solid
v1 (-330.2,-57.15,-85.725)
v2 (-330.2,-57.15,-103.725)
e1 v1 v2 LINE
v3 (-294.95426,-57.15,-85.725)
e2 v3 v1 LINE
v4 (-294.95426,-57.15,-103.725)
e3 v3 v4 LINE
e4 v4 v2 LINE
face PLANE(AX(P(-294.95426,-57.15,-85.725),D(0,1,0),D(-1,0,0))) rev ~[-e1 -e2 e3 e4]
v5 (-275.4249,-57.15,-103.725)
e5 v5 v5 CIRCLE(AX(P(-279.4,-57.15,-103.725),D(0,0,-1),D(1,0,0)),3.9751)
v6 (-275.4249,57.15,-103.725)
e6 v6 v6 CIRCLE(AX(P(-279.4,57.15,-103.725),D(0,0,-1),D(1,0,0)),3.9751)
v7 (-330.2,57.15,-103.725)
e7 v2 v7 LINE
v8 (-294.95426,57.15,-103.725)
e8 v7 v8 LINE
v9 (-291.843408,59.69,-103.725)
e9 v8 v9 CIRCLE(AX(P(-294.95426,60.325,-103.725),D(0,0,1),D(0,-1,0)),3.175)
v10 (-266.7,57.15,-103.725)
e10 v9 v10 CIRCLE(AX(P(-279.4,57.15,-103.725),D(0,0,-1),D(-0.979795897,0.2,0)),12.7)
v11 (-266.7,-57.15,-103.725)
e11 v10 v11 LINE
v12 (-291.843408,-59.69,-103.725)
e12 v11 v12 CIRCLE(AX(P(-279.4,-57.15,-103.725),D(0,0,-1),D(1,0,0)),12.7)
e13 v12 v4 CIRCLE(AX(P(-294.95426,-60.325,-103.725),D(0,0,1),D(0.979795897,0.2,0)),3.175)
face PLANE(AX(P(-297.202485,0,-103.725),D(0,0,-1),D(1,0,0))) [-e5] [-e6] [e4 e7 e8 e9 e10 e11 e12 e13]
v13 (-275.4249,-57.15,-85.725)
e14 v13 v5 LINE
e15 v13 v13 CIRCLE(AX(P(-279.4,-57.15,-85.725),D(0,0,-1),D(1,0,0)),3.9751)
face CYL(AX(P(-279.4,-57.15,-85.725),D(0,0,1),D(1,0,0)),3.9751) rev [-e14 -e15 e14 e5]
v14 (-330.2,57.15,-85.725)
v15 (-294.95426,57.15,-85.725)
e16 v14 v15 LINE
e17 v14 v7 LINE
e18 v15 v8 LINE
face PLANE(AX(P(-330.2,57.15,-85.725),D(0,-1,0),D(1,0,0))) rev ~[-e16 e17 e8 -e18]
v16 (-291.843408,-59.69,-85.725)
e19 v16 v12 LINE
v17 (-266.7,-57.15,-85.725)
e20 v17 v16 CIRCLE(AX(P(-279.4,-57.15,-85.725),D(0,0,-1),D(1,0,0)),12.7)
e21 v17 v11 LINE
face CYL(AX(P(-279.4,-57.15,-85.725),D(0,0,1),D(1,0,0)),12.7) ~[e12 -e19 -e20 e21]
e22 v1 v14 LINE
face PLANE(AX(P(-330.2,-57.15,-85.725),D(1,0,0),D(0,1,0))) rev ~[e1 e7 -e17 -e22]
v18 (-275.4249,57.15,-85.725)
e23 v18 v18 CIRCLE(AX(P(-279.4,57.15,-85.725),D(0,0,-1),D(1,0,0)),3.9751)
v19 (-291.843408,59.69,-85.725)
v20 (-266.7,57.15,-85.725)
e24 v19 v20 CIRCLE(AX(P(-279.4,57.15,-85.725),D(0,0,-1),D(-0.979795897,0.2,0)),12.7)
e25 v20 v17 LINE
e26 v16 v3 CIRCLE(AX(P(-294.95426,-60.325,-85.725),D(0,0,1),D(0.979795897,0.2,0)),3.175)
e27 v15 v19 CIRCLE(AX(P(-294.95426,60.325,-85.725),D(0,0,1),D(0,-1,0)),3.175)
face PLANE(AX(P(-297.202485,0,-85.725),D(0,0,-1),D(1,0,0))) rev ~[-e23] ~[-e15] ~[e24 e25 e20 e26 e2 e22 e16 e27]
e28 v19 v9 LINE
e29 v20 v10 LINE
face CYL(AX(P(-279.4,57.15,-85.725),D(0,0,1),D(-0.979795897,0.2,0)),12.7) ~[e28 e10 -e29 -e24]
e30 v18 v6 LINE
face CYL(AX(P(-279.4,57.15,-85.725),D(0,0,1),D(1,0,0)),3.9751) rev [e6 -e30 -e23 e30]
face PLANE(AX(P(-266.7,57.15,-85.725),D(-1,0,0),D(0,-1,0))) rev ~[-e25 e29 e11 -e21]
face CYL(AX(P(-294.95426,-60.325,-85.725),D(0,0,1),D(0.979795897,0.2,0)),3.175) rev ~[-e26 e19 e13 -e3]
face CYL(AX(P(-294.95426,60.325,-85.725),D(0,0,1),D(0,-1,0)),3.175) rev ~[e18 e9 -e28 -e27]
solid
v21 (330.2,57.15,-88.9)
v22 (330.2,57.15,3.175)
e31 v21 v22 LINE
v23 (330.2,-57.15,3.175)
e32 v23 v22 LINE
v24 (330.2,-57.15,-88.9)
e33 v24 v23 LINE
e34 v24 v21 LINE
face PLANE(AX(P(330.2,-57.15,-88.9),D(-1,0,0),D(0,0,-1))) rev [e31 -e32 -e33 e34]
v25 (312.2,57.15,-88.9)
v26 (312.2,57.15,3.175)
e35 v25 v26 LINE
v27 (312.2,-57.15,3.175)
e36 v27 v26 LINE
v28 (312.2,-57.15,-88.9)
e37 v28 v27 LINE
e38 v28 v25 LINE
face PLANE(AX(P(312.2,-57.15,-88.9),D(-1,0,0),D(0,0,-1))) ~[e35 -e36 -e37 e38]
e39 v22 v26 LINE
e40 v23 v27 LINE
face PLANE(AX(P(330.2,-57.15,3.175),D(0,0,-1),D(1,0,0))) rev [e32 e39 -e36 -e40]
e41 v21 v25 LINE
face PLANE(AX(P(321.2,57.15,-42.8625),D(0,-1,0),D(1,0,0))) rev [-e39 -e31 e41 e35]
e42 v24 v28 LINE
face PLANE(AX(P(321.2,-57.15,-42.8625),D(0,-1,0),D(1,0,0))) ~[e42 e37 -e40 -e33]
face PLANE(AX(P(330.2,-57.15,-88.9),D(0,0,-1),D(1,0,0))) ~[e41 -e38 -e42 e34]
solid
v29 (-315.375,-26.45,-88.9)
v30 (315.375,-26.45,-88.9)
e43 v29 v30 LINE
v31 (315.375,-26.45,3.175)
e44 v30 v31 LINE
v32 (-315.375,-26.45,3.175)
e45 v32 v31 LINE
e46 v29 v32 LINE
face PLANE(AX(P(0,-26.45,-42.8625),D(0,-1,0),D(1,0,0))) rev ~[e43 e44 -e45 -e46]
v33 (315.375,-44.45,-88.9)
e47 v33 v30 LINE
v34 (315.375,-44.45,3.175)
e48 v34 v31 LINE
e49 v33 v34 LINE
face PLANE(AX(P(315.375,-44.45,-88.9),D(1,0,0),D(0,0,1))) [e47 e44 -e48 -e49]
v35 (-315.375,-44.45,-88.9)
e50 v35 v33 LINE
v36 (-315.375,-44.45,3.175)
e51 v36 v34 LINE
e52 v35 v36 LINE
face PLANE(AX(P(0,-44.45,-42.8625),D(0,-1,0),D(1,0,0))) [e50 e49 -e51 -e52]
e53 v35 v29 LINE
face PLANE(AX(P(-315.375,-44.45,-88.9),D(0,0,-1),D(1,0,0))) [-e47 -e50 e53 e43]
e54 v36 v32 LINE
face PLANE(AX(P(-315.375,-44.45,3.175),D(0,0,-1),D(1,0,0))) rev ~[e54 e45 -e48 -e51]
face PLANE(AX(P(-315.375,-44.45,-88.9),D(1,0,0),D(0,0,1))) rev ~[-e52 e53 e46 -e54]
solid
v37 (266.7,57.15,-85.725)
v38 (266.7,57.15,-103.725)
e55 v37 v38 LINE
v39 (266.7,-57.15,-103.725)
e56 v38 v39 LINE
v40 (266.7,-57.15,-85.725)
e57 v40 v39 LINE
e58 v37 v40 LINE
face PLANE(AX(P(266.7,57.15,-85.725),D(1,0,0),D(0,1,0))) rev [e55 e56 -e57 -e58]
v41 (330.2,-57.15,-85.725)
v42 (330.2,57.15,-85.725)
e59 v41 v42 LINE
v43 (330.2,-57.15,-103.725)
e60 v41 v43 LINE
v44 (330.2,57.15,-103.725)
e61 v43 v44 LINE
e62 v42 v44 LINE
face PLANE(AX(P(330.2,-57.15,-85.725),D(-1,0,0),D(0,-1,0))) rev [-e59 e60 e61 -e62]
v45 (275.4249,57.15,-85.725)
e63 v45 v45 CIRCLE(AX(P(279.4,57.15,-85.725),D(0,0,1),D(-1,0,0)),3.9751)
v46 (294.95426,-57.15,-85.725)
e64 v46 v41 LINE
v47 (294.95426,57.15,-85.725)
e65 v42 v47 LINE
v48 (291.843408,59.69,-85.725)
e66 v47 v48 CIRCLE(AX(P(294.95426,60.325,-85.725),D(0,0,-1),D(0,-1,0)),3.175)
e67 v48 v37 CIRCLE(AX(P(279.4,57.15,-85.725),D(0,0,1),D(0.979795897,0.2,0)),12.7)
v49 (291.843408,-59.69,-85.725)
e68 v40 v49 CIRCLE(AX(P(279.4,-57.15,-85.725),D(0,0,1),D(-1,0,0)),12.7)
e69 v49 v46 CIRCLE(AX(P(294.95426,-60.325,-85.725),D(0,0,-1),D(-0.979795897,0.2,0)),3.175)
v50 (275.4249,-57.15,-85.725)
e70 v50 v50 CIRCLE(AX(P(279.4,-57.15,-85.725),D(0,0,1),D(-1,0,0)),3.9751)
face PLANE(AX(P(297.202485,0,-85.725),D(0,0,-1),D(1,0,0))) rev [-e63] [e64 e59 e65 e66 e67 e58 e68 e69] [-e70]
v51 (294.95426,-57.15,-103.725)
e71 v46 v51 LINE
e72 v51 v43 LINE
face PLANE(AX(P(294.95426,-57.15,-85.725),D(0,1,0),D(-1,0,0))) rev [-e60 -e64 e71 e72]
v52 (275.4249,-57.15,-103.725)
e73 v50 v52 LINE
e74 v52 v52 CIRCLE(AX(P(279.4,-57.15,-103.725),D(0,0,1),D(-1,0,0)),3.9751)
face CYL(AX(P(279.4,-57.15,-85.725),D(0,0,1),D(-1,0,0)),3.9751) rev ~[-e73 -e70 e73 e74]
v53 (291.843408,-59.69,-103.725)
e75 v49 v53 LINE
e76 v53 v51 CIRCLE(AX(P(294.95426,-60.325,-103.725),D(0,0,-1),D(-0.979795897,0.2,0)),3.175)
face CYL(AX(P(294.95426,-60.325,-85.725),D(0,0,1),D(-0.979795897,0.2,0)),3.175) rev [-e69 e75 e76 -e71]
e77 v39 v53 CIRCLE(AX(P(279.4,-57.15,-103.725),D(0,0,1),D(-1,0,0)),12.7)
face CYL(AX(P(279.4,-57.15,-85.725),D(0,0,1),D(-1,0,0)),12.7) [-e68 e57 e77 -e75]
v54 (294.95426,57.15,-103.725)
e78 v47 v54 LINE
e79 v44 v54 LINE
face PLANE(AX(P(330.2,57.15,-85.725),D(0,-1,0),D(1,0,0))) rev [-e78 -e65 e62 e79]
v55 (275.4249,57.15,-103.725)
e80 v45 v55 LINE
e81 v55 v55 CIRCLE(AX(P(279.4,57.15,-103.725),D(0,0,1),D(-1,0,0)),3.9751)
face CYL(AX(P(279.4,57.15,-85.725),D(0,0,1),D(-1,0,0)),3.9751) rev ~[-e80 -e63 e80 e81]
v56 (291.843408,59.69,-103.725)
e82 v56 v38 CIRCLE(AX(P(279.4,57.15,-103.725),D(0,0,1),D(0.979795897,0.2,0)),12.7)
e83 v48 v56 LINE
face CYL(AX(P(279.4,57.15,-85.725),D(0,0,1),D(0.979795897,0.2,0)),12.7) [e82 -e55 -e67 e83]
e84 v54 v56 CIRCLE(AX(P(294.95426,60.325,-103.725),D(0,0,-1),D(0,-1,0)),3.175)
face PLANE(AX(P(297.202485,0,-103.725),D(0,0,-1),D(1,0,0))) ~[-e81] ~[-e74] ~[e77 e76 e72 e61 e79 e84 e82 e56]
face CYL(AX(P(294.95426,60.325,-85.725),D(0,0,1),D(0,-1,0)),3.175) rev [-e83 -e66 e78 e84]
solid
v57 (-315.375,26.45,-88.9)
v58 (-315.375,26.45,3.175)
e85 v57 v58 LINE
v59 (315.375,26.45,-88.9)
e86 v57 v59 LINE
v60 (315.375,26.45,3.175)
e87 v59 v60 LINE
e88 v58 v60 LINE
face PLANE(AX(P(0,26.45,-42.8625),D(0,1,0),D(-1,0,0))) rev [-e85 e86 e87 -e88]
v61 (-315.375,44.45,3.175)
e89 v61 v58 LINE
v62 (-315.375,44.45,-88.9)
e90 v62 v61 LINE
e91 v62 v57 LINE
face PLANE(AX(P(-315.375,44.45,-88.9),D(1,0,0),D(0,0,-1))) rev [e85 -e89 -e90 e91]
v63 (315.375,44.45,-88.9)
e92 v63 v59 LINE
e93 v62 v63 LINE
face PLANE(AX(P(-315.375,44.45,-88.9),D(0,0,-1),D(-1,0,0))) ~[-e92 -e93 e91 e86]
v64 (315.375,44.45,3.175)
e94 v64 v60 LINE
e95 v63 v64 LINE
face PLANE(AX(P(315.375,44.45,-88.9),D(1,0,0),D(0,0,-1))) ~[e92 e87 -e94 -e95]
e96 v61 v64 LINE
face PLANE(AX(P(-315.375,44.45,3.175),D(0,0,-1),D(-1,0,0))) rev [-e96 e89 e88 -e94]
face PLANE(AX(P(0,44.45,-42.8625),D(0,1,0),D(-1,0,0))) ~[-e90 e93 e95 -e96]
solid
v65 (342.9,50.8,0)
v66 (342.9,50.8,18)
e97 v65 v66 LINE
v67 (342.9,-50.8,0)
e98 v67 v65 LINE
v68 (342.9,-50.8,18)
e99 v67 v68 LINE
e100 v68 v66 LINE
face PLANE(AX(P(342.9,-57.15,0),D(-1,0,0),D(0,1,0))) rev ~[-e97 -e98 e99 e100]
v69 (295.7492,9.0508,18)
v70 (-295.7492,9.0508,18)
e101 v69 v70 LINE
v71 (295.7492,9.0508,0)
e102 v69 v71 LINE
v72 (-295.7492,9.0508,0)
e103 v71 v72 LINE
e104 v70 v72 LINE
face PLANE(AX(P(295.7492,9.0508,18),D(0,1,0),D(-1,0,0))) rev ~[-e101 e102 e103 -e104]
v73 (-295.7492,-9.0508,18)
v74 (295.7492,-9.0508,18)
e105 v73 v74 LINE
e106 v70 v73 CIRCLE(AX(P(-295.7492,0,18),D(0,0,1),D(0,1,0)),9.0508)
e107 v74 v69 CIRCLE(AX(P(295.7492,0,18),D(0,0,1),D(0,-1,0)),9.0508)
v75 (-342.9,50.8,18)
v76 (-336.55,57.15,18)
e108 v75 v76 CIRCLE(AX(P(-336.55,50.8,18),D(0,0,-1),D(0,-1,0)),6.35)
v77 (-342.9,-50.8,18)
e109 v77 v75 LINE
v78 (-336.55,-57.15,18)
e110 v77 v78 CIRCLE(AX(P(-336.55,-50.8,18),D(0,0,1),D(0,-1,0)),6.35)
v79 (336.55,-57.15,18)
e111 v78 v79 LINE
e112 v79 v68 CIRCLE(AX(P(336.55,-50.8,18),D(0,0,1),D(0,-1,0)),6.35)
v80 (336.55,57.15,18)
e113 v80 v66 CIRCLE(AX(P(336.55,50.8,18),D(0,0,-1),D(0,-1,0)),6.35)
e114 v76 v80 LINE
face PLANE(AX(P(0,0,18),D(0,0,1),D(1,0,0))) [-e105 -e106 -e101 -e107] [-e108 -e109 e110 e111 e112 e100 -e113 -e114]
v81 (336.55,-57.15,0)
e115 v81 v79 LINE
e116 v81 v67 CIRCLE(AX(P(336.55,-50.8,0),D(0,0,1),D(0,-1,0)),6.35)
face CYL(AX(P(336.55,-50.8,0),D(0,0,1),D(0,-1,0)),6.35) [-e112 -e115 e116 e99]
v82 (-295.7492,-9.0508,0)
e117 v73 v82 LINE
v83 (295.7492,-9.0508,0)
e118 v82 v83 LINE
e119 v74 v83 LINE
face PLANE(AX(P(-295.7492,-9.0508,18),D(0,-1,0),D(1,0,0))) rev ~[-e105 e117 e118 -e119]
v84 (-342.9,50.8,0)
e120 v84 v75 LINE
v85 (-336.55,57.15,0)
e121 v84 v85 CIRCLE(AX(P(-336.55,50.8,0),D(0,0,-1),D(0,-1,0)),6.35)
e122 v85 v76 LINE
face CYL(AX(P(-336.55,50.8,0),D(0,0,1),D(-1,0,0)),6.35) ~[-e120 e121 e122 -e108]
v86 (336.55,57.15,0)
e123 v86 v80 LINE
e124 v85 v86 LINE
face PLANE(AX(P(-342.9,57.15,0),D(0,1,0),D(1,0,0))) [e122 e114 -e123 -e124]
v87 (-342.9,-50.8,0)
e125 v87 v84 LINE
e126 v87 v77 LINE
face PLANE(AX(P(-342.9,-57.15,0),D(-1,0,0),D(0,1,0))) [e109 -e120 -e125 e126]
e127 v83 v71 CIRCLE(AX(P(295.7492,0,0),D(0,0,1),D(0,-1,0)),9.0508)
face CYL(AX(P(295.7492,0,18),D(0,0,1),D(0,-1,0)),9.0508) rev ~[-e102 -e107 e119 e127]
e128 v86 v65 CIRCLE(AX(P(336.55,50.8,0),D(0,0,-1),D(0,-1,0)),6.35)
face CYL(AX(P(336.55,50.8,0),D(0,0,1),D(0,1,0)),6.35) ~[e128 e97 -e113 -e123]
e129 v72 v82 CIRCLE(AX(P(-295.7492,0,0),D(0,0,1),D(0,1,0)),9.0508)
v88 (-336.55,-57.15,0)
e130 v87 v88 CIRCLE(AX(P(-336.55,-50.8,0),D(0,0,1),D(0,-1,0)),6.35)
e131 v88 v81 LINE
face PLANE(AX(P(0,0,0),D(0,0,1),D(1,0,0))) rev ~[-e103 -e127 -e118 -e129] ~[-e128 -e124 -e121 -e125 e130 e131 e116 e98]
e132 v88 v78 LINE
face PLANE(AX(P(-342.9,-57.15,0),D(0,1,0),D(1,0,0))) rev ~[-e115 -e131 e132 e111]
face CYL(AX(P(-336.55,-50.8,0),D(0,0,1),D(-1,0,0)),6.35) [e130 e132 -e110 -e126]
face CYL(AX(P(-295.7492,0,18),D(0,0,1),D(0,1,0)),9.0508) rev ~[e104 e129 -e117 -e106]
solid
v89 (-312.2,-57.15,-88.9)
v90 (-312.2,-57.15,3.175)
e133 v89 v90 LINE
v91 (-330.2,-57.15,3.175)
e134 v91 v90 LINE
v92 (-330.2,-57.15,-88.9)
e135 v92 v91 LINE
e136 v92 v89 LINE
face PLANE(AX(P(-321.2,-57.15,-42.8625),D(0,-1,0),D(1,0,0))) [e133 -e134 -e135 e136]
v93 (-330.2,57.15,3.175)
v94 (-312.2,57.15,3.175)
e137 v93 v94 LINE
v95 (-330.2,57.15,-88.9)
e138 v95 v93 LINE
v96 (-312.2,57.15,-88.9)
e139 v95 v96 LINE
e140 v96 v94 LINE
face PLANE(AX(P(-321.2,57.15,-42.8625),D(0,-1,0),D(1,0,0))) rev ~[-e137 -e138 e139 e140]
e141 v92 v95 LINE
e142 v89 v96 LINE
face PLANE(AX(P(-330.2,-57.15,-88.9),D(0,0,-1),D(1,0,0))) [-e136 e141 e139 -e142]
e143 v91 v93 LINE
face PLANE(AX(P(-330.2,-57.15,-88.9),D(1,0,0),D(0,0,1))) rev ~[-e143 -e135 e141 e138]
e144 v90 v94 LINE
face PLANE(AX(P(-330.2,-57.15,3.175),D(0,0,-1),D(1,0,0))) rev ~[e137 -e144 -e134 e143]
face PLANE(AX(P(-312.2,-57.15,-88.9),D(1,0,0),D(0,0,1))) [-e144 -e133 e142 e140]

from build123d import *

# Parameters (mm, degrees)
F0_W      = 685.8
F0_H      = 114.3
F2_DEPTH  = 18
F4_DEPTH  = 18.001
F5_R      = 6.35
F6_W      = 18
F6_H      = 92.075
F7_DEPTH  = 114.3
F10_W     = 630.75
F10_H     = 92.075
F11_DEPTH = 18
F14_R     = 3.9751
F15_DEPTH = 18


with BuildPart() as f2:
    # F0 (on Top) → F2 (new body)
    with BuildSketch(Plane.XY):
        Rectangle(F0_W, F0_H)
    extrude(amount=F2_DEPTH)

    # F3 (on face) → F4 (cut, through all)
    with BuildSketch(Plane.XY.offset(18)):
        with BuildLine():
            Line((295.7492, 9.0508), (-295.7492, 9.0508))
            ThreePointArc((-295.7492, 9.0508), (-304.8, 0), (-295.7492, -9.0508))
            Line((-295.7492, -9.0508), (295.7492, -9.0508))
            ThreePointArc((295.7492, -9.0508), (304.8, 0), (295.7492, 9.0508))
        make_face()
    extrude(amount=-F4_DEPTH, mode=Mode.SUBTRACT)

    # F5
    f5_edges = [f2.edges().sort_by_distance(p)[0] for p in [
        (-342.9, -57.15, 9),
        (-342.9, 57.15, 9),
        (342.9, 57.15, 9),
        (342.9, -57.15, 9),
    ]]
    fillet(f5_edges, radius=F5_R)


with BuildPart() as f7:
    # F6 (on face) → F7 (new body, through all)
    with BuildSketch(Plane.XZ.offset(57.15)):
        with Locations((-321.2, -42.8625)):
            Rectangle(F6_W, F6_H)
    extrude(amount=-F7_DEPTH)


with BuildPart() as f8_1:
    # F8: instance of F7
    add(f7.part.mirror(Plane.YZ))


with BuildPart() as f11:
    # F10 (on offset) → F11 (new body)
    with BuildSketch(Plane.XZ.offset(44.45)):
        with Locations((0, -42.8625)):
            Rectangle(F10_W, F10_H)
    extrude(amount=-F11_DEPTH)


with BuildPart() as f12_1:
    # F12: instance of F11
    add(f11.part.mirror(Plane.XZ))


with BuildPart() as f15:
    # F14 (on offset) → F15 (new body)
    with BuildSketch(Plane(origin=(0, 0, -85.725), x_dir=(1, 0, 0), z_dir=(0, 0, -1))):
        with BuildLine():
            Line((-294.9542598667, 57.15), (-330.2, 57.15))
            Line((-330.2, 57.15), (-330.2, -57.15))
            Line((-330.2, -57.15), (-294.9542598667, -57.15))
            ThreePointArc((-294.9542598667, -57.15), (-292.9462135525, -57.8656555751), (-291.8434078933, -59.69))
            ThreePointArc((-291.8434078933, -59.69), (-278.1235361825, -69.7856891431), (-266.7, -57.15))
            Line((-266.7, -57.15), (-266.7, 57.15))
            ThreePointArc((-266.7, 57.15), (-278.1235361825, 69.7856891432), (-291.8434078933, 59.69))
            ThreePointArc((-291.8434078933, 59.69), (-292.9462135525, 57.8656555752), (-294.9542598667, 57.15))
        make_face()
        with Locations((-279.4, -57.15)):
            Circle(F14_R, mode=Mode.SUBTRACT)
        with Locations((-279.4, 57.15)):
            Circle(F14_R, mode=Mode.SUBTRACT)
    extrude(amount=F15_DEPTH)


with BuildPart() as f16_1:
    # F16: instance of F15
    add(f15.part.mirror(Plane.YZ))


solid = Compound([f2.part, f7.part, f8_1.part, f11.part, f12_1.part, f15.part, f16_1.part])
